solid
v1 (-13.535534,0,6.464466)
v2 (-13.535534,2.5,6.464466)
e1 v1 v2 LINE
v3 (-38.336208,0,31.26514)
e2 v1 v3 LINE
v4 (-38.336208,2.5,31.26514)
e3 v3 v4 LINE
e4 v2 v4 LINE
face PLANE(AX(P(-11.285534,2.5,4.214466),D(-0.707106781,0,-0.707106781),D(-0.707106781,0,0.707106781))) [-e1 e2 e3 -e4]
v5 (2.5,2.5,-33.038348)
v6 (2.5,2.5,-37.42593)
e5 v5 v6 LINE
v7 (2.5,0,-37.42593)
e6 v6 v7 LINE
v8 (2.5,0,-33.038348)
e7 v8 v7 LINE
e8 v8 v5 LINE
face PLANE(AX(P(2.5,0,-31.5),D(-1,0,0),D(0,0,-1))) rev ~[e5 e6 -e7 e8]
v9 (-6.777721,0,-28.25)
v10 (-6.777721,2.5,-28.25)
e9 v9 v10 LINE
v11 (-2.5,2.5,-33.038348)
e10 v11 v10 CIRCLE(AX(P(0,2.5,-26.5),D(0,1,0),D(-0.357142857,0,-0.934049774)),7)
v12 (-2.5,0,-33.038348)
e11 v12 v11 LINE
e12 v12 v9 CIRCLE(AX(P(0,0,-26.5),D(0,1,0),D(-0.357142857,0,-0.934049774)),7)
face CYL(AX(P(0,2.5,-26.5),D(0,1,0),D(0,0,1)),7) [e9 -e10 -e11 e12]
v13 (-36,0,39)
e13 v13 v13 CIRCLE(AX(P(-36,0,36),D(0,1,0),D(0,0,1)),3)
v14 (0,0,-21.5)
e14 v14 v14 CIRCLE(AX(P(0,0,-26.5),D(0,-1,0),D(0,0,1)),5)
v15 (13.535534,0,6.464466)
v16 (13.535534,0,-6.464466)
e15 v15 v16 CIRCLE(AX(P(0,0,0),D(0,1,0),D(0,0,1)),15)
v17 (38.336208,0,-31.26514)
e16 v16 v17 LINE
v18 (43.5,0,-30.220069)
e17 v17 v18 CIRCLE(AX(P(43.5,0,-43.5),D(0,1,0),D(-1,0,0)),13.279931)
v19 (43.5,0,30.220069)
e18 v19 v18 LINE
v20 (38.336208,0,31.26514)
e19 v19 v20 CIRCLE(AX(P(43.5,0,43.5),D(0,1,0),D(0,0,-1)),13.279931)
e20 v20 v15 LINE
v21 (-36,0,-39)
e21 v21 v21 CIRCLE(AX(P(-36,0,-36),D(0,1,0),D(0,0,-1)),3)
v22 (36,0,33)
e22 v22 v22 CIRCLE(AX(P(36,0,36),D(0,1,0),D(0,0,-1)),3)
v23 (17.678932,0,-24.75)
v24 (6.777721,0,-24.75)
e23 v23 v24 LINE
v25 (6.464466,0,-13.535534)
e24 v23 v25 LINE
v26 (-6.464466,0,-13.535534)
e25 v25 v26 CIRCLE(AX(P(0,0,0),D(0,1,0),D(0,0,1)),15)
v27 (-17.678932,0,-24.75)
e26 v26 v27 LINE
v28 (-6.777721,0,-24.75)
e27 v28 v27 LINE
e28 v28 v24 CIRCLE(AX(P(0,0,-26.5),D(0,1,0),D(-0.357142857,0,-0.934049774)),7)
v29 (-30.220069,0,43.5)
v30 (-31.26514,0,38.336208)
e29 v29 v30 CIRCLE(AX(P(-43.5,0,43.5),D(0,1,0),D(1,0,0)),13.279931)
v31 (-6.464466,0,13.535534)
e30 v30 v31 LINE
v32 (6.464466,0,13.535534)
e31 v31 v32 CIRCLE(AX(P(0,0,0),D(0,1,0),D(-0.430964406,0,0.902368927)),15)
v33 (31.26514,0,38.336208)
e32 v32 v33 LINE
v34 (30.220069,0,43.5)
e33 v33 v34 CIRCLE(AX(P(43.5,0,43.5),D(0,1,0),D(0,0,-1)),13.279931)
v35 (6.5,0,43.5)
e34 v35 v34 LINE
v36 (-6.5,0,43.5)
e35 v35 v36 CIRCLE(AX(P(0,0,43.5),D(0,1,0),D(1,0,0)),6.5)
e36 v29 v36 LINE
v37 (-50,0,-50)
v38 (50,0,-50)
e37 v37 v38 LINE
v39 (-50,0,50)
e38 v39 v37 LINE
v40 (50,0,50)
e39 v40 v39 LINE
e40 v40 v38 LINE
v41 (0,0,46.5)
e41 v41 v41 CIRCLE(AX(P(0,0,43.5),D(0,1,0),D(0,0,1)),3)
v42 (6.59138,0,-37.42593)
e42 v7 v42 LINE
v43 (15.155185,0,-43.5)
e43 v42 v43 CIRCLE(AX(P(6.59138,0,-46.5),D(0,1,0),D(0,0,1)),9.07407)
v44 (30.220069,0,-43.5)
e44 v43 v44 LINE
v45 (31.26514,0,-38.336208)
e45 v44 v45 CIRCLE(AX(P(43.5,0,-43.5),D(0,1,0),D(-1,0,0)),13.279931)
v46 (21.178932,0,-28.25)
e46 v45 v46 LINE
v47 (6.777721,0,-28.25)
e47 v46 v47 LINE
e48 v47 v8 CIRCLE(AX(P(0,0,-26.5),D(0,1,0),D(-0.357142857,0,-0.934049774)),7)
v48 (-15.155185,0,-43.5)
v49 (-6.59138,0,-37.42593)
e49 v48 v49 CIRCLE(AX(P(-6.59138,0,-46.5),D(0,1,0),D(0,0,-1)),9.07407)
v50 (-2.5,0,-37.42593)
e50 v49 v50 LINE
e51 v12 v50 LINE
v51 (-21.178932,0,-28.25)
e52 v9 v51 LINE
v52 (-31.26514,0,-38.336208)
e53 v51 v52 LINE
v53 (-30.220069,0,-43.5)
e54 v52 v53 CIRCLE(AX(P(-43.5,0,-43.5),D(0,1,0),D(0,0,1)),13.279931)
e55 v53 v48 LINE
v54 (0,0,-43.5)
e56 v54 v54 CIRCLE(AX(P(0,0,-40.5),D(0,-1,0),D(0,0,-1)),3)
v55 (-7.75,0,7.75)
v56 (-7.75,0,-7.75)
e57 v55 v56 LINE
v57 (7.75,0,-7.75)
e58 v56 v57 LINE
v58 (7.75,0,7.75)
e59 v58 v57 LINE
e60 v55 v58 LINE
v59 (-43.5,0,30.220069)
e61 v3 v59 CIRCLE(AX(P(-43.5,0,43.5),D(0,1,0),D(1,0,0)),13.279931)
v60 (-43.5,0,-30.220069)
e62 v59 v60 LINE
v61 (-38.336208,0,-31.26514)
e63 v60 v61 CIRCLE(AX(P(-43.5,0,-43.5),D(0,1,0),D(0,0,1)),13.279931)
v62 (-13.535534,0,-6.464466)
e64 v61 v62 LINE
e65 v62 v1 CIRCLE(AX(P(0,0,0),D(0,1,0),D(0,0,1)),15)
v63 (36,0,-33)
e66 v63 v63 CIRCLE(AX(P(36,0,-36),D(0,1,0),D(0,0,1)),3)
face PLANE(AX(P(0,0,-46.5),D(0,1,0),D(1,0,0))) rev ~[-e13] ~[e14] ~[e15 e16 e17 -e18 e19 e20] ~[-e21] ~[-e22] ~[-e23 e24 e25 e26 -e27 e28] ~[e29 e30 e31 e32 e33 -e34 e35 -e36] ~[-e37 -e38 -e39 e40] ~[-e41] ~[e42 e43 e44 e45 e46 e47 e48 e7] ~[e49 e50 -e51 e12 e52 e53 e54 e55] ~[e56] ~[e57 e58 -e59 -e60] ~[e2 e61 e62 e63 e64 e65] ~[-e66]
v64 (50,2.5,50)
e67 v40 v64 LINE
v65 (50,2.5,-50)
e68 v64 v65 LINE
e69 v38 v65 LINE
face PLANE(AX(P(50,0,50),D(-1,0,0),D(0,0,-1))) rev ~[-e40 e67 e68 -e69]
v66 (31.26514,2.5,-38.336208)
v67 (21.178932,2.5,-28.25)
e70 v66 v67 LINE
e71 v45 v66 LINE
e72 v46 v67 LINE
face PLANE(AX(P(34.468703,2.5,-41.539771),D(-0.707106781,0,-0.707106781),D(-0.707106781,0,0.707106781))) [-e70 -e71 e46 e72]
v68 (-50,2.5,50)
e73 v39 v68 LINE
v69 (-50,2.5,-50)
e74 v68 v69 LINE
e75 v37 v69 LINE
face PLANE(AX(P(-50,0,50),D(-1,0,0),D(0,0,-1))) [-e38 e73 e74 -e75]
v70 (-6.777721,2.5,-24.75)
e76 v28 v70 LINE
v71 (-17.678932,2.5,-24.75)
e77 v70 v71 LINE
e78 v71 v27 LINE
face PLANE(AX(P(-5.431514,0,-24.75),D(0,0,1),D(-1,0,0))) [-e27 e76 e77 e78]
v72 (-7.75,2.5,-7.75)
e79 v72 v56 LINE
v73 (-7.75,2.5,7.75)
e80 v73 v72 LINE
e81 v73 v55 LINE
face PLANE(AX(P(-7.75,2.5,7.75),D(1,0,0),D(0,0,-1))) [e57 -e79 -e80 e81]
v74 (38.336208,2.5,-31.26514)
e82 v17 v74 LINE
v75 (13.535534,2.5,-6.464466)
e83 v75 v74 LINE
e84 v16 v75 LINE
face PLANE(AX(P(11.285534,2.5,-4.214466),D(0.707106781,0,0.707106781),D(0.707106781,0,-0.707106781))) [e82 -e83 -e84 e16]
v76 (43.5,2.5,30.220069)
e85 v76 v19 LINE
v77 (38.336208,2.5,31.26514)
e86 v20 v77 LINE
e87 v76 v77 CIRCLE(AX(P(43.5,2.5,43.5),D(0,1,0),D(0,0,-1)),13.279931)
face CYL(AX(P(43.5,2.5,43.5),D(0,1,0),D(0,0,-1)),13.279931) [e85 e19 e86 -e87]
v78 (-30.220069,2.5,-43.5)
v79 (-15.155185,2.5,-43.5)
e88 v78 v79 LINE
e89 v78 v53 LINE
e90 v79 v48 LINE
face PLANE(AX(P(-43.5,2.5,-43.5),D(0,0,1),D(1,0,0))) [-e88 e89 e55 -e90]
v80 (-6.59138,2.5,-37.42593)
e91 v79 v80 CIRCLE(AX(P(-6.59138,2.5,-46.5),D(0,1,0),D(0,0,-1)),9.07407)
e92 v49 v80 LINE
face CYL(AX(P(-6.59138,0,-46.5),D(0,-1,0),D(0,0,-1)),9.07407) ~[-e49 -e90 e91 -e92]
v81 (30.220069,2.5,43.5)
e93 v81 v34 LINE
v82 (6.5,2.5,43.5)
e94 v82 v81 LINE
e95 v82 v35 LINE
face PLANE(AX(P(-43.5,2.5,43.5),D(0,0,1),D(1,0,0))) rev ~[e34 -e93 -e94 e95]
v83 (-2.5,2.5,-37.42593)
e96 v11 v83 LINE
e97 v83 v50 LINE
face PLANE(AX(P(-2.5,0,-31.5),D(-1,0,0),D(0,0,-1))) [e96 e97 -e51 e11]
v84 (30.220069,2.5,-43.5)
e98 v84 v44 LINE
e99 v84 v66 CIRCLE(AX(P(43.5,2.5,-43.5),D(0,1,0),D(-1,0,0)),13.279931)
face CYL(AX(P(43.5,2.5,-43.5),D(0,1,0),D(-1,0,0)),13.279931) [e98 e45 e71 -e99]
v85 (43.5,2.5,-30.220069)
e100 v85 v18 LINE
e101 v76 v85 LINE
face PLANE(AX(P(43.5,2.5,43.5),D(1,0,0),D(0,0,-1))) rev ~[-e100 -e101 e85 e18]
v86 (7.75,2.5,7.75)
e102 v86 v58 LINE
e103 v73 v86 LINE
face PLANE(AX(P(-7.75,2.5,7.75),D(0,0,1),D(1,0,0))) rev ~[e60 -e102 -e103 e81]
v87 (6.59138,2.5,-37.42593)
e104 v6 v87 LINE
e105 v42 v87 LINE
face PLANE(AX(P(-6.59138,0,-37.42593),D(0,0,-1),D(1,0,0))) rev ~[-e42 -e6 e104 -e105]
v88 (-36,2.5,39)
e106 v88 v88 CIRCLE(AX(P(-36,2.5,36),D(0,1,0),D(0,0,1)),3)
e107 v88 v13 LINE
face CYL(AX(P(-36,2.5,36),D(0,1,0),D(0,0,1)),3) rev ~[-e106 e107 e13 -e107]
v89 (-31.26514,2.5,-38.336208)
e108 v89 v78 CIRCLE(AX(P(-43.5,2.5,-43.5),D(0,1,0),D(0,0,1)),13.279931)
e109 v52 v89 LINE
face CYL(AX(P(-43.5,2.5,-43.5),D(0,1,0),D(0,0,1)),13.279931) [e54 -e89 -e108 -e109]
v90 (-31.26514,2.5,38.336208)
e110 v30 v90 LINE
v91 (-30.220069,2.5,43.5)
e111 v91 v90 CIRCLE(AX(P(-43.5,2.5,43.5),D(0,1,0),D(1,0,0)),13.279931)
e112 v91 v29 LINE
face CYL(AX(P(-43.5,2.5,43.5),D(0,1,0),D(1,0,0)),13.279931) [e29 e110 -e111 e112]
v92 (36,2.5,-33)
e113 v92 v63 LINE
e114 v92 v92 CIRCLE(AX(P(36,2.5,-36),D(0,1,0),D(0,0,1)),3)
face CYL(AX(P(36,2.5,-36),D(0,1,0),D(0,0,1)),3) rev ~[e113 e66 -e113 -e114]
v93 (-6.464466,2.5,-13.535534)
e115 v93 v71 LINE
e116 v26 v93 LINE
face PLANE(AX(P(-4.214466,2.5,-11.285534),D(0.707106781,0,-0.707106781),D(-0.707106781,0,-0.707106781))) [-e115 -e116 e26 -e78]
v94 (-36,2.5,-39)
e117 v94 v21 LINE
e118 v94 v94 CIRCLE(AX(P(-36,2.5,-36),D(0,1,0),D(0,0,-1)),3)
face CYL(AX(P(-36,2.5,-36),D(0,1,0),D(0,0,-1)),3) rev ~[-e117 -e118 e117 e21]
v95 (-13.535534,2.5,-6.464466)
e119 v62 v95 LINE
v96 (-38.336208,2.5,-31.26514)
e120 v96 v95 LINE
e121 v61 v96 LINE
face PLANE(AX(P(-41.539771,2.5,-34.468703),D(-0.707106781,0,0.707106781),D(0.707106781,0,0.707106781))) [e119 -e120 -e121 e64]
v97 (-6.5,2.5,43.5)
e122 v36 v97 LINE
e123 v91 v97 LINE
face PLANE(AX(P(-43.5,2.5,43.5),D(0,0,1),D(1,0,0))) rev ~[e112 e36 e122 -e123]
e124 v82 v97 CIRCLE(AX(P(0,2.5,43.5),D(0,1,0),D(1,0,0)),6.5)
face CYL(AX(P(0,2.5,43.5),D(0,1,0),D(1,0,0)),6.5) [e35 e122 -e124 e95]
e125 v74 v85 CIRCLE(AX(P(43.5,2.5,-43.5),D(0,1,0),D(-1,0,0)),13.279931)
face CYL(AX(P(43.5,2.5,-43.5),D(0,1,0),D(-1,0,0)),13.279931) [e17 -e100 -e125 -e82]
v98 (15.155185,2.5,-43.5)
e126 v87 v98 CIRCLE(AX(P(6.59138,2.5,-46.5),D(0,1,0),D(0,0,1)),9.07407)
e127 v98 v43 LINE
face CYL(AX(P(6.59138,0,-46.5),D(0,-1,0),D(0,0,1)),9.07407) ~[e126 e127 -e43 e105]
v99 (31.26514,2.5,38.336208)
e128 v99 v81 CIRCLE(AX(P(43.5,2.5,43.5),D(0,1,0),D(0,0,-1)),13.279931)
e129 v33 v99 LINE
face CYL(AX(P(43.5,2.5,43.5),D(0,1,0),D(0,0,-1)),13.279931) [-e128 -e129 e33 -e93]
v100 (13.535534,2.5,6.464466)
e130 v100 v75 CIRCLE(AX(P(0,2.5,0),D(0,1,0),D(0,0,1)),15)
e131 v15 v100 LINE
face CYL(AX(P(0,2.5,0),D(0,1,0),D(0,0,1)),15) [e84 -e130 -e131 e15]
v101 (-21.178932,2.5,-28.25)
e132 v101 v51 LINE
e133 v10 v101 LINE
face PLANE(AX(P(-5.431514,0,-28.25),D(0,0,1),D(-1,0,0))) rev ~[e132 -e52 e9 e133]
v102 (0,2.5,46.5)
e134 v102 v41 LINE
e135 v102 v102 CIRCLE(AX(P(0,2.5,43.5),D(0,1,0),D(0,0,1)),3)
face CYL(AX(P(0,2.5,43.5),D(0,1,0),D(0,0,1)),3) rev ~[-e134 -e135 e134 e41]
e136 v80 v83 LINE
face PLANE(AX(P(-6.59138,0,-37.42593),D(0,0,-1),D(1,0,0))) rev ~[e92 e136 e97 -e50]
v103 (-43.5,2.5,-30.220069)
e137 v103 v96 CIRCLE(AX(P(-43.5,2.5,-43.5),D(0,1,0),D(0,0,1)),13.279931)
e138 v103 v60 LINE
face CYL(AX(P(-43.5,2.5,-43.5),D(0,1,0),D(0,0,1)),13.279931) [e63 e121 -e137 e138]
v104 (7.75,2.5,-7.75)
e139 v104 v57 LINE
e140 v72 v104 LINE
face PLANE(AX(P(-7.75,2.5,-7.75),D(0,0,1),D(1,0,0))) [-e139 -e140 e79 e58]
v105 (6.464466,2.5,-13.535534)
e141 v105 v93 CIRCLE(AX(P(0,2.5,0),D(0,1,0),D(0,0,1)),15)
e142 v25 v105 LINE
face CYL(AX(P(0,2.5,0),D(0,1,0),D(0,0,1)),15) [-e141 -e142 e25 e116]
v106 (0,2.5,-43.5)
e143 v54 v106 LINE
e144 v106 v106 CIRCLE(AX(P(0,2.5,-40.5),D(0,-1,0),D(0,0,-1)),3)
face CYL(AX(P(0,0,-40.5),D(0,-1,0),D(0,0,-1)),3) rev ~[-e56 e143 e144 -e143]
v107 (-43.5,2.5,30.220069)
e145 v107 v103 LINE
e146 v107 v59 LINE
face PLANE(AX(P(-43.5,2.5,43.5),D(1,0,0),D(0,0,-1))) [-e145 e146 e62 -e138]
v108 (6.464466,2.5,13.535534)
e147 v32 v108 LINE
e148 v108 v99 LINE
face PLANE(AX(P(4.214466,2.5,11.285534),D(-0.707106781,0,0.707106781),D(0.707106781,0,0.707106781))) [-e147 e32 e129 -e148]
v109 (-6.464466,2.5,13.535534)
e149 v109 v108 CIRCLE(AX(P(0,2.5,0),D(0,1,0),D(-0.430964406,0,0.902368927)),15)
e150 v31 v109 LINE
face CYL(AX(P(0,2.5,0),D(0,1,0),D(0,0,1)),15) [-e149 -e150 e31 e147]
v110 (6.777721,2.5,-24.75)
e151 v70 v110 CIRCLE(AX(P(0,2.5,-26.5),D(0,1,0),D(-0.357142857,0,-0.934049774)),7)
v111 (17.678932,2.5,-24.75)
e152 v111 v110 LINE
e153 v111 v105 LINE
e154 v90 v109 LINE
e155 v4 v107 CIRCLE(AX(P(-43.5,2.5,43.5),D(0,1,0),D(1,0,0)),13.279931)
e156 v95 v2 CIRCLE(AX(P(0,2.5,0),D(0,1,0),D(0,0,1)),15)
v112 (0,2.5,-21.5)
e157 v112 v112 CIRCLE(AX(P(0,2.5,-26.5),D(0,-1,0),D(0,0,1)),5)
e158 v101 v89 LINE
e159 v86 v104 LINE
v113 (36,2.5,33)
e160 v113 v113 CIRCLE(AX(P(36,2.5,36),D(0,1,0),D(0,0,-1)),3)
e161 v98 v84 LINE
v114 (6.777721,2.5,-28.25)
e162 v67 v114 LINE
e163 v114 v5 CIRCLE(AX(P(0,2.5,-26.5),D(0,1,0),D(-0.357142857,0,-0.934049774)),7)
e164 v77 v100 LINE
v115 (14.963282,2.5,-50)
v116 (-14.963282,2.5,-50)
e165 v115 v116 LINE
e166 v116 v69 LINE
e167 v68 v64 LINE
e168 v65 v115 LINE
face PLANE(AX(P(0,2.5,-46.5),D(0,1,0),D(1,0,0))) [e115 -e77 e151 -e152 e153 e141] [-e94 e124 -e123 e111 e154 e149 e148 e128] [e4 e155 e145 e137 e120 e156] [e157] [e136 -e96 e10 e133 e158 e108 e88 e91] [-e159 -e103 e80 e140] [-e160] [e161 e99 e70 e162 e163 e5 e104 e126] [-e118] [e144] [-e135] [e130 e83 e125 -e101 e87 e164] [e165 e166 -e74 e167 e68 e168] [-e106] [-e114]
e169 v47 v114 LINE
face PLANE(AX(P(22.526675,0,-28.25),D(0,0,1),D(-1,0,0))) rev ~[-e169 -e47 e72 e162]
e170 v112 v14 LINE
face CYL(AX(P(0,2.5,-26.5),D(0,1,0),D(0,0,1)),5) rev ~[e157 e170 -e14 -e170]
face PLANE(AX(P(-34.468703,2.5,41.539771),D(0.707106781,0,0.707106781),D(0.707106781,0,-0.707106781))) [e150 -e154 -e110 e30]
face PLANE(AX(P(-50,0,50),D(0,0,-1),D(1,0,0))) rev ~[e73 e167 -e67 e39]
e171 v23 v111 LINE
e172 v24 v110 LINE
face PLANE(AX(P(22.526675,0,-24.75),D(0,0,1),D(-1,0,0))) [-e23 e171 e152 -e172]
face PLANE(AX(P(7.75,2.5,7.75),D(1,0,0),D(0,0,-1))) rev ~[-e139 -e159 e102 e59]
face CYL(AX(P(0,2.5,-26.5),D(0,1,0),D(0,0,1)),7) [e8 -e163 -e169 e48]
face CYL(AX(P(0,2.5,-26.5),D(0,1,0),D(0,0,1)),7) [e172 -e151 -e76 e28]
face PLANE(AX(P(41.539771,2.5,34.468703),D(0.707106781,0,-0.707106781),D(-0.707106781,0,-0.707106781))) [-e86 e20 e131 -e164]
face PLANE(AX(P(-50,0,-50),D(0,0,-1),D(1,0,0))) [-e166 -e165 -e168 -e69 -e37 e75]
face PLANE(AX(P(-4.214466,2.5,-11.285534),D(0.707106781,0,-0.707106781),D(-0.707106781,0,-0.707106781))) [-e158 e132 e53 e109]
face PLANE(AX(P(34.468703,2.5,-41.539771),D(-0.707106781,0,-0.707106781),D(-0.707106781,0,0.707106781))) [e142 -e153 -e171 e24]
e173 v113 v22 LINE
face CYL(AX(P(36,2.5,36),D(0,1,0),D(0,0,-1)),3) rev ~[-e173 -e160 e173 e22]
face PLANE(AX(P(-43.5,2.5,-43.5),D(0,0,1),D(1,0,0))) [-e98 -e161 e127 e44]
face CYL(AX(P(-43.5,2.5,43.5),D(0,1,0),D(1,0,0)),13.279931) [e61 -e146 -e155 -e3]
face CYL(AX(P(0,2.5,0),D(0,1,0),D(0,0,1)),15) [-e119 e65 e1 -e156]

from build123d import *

# Parameters (mm, degrees)
SKETCH1_W           = 100
SKETCH1_H           = 100
BOSS_EXTRUDE1_DEPTH = 2.5
SKETCH5_W           = 87
SKETCH5_H           = 87
CUT_EXTRUDE2_DEPTH  = 4
SKETCH6_R           = 15
BOSS_EXTRUDE3_DEPTH = 2.5
SKETCH7_W           = 15.5
SKETCH7_H           = 15.5
CUT_EXTRUDE3_DEPTH  = 2.5
BOSS_EXTRUDE4_DEPTH = 2.5
EXTRUDE_THIN2_DEPTH = 2.5
SKETCH10_R          = 3
CUT_EXTRUDE5_DEPTH  = 2.5
SKETCH11_R          = 6.5
BOSS_EXTRUDE5_DEPTH = 2.5
SKETCH12_R          = 3
CUT_EXTRUDE6_DEPTH  = 3
SKETCH13_R          = 7
SKETCH13_R_2        = 5
BOSS_EXTRUDE6_DEPTH = 2.5
SKETCH14_W          = 5
SKETCH14_H          = 9
EXTRUDE_THIN5_DEPTH = 2.5
SKETCH15_W          = 17.095160315
SKETCH15_H          = 3.5
EXTRUDE_THIN7_DEPTH = 2.5
BOSS_EXTRUDE8_DEPTH = 2.5
SKETCH20_W          = 31.082582927
SKETCH20_H          = 6.049047595
CUT_EXTRUDE8_DEPTH  = 2.5
SKETCH21_R          = 3
CUT_EXTRUDE9_DEPTH  = 10


with BuildPart() as part:
    # Sketch1 → Boss-Extrude1 (new body)
    with BuildSketch(Plane(origin=(0, 0, 0), x_dir=(1, 0, 0), z_dir=(0, 1, 0))):
        Rectangle(SKETCH1_W, SKETCH1_H)
    extrude(amount=BOSS_EXTRUDE1_DEPTH)

    # Sketch5 → Cut-Extrude2 (cut)
    with BuildSketch(Plane(origin=(0, 2.5, 0), x_dir=(1, 0, 0), z_dir=(0, 1, 0))):
        Rectangle(SKETCH5_W, SKETCH5_H)
    extrude(amount=-CUT_EXTRUDE2_DEPTH, mode=Mode.SUBTRACT)

    # Sketch8 → Boss-Extrude4 (add)
    with BuildSketch(Plane(origin=(0, 2.5, 0), x_dir=(1, 0, 0), z_dir=(0, 1, 0))):
        with BuildLine():
            Line((-43.5, -43.5), (-30.220069463, -43.5))
            ThreePointArc((-30.220069463, -43.5), (-34.109671064, -34.109671064), (-43.5, -30.220069463))
            Line((-43.5, -30.220069463), (-43.5, -43.5))
        make_face()
        with BuildLine():
            ThreePointArc((-43.5, 30.220069463), (-34.109671064, 34.109671064), (-30.220069463, 43.5))
            Line((-30.220069463, 43.5), (-43.5, 43.5))
            Line((-43.5, 43.5), (-43.5, 30.220069463))
        make_face()
        with BuildLine():
            Line((43.5, 43.5), (30.220069463, 43.5))
            ThreePointArc((30.220069463, 43.5), (34.109671064, 34.109671064), (43.5, 30.220069463))
            Line((43.5, 30.220069463), (43.5, 43.5))
        make_face()
        with BuildLine():
            ThreePointArc((43.5, -30.220069463), (34.109671064, -34.109671064), (30.220069463, -43.5))
            Line((30.220069463, -43.5), (43.5, -43.5))
            Line((43.5, -43.5), (43.5, -30.220069463))
        make_face()
    extrude(amount=-BOSS_EXTRUDE4_DEPTH)



with BuildPart() as body_2:
    # Sketch6 → Boss-Extrude3 (new body)
    with BuildSketch(Plane(origin=(0, 2.5, 0), x_dir=(1, 0, 0), z_dir=(0, 1, 0))):
        with Locations(Location((0, 0, 0), (0, 0, 270))):
            Circle(SKETCH6_R)
    extrude(amount=-BOSS_EXTRUDE3_DEPTH)

    # Sketch7 → Cut-Extrude3 (cut)
    with BuildSketch(Plane(origin=(0, 2.5, 0), x_dir=(1, 0, 0), z_dir=(0, 1, 0))):
        Rectangle(SKETCH7_W, SKETCH7_H)
    extrude(amount=-CUT_EXTRUDE3_DEPTH, mode=Mode.SUBTRACT)


with BuildPart() as part_1:
    add(part.part)

    add(body_2.part)  # Extrude-Thin2 merges body 2
    # Sketch9 → Extrude-Thin2 (add)
    with BuildSketch(Plane(origin=(0, 2.5, 0), x_dir=(1, 0, 0), z_dir=(0, 1, 0))):
        Polygon((4.214466094, -11.285533906), (34.46870341, -41.539771222), (41.539771222, -34.46870341), (11.285533906, -4.214466094), align=None)
        Polygon((-11.285533906, -4.214466094), (-41.539771222, -34.46870341), (-34.46870341, -41.539771222), (-4.214466094, -11.285533906), align=None)
        Polygon((11.285533906, 4.214466094), (41.539771222, 34.46870341), (34.46870341, 41.539771222), (4.214466094, 11.285533906), align=None)
        Polygon((-4.214466094, 11.285533906), (-34.46870341, 41.539771222), (-41.539771222, 34.46870341), (-11.285533906, 4.214466094), align=None)
    extrude(amount=-EXTRUDE_THIN2_DEPTH)

    # Sketch10 → Cut-Extrude5 (cut)
    with BuildSketch(Plane(origin=(0, 2.5, 0), x_dir=(1, 0, 0), z_dir=(0, 1, 0))):
        with Locations(Location((36, 36, 0), (0, 0, 270))):
            Circle(SKETCH10_R)
        with Locations(Location((-36, 36, 0), (0, 0, 90))):
            Circle(SKETCH10_R)
        with Locations(Location((36, -36, 0), (0, 0, 90))):
            Circle(SKETCH10_R)
        with Locations(Location((-36, -36, 0), (0, 0, 270))):
            Circle(SKETCH10_R)
    extrude(amount=-CUT_EXTRUDE5_DEPTH, mode=Mode.SUBTRACT)

    # Sketch11 → Boss-Extrude5 (add)
    with BuildSketch(Plane(origin=(0, 2.5, 0), x_dir=(1, 0, 0), z_dir=(0, 1, 0))):
        with Locations((0, -43.5)):
            Circle(SKETCH11_R)
        with Locations((0, 43.5)):
            Circle(SKETCH11_R)
    extrude(amount=-BOSS_EXTRUDE5_DEPTH)

    # Sketch12 → Cut-Extrude6 (cut)
    with BuildSketch(Plane(origin=(0, 2.5, 0), x_dir=(1, 0, 0), z_dir=(0, 1, 0))):
        with Locations(Location((0, 43.5, 0), (0, 0, 270))):
            Circle(SKETCH12_R)
        with Locations(Location((0, -43.5, 0), (0, 0, 270))):
            Circle(SKETCH12_R)
    extrude(amount=-CUT_EXTRUDE6_DEPTH, mode=Mode.SUBTRACT)



with BuildPart() as body_2_2:
    # Sketch13 → Boss-Extrude6 (new body)
    with BuildSketch(Plane(origin=(0, 2.5, 0), x_dir=(1, 0, 0), z_dir=(0, 1, 0))):
        with Locations(Location((0, 26.5, 0), (0, 0, 270))):
            Circle(SKETCH13_R)
        with Locations(Location((0, 26.5, 0), (0, 0, 270))):
            Circle(SKETCH13_R_2, mode=Mode.SUBTRACT)
    extrude(amount=-BOSS_EXTRUDE6_DEPTH)


with BuildPart() as part_2:
    add(part_1.part)

    add(body_2_2.part)  # Extrude-Thin5 merges body 2 2
    # Sketch14 → Extrude-Thin5 (add)
    with BuildSketch(Plane(origin=(0, 0, 0), x_dir=(-1, 0, 0), z_dir=(0, -1, 0))):
        with Locations((0, 36)):
            Rectangle(SKETCH14_W, SKETCH14_H)
    extrude(amount=-EXTRUDE_THIN5_DEPTH)

    # Sketch15 → Extrude-Thin7 (add)
    with BuildSketch(Plane(origin=(0, 0, 0), x_dir=(-1, 0, 0), z_dir=(0, -1, 0))):
        with Locations((-13.979094467, 26.5)):
            Rectangle(SKETCH15_W, SKETCH15_H)
        with Locations((13.979094467, 26.5)):
            Rectangle(SKETCH15_W, SKETCH15_H)
    extrude(amount=-EXTRUDE_THIN7_DEPTH)

    # Sketch17 → Boss-Extrude8 (add)
    with BuildSketch(Plane(origin=(0, 0, 0), x_dir=(-1, 0, 0), z_dir=(0, -1, 0))):
        with BuildLine():
            Line((6.591379734, 37.425929606), (-6.591379734, 37.425929606))
            ThreePointArc((-6.591379734, 37.425929606), (-15.665450128, 46.5), (-6.591379734, 55.574070394))
            Line((-6.591379734, 55.574070394), (6.591379734, 55.574070394))
            ThreePointArc((6.591379734, 55.574070394), (15.665450128, 46.5), (6.591379734, 37.425929606))
        make_face()
    extrude(amount=-BOSS_EXTRUDE8_DEPTH)

    # Sketch20 → Cut-Extrude8 (cut)
    with BuildSketch(Plane(origin=(0, 0, 0), x_dir=(-1, 0, 0), z_dir=(0, -1, 0))):
        with Locations((-0.578009107, 53.024523798)):
            Rectangle(SKETCH20_W, SKETCH20_H)
    extrude(amount=-CUT_EXTRUDE8_DEPTH, mode=Mode.SUBTRACT)

    # Sketch21 → Cut-Extrude9 (cut)
    with BuildSketch(Plane(origin=(0, 0, 0), x_dir=(-1, 0, 0), z_dir=(0, -1, 0))):
        with Locations(Location((0, 40.5, 0), (0, 0, 90))):
            Circle(SKETCH21_R)
    extrude(amount=-CUT_EXTRUDE9_DEPTH, mode=Mode.SUBTRACT)


solid = part_2.part
